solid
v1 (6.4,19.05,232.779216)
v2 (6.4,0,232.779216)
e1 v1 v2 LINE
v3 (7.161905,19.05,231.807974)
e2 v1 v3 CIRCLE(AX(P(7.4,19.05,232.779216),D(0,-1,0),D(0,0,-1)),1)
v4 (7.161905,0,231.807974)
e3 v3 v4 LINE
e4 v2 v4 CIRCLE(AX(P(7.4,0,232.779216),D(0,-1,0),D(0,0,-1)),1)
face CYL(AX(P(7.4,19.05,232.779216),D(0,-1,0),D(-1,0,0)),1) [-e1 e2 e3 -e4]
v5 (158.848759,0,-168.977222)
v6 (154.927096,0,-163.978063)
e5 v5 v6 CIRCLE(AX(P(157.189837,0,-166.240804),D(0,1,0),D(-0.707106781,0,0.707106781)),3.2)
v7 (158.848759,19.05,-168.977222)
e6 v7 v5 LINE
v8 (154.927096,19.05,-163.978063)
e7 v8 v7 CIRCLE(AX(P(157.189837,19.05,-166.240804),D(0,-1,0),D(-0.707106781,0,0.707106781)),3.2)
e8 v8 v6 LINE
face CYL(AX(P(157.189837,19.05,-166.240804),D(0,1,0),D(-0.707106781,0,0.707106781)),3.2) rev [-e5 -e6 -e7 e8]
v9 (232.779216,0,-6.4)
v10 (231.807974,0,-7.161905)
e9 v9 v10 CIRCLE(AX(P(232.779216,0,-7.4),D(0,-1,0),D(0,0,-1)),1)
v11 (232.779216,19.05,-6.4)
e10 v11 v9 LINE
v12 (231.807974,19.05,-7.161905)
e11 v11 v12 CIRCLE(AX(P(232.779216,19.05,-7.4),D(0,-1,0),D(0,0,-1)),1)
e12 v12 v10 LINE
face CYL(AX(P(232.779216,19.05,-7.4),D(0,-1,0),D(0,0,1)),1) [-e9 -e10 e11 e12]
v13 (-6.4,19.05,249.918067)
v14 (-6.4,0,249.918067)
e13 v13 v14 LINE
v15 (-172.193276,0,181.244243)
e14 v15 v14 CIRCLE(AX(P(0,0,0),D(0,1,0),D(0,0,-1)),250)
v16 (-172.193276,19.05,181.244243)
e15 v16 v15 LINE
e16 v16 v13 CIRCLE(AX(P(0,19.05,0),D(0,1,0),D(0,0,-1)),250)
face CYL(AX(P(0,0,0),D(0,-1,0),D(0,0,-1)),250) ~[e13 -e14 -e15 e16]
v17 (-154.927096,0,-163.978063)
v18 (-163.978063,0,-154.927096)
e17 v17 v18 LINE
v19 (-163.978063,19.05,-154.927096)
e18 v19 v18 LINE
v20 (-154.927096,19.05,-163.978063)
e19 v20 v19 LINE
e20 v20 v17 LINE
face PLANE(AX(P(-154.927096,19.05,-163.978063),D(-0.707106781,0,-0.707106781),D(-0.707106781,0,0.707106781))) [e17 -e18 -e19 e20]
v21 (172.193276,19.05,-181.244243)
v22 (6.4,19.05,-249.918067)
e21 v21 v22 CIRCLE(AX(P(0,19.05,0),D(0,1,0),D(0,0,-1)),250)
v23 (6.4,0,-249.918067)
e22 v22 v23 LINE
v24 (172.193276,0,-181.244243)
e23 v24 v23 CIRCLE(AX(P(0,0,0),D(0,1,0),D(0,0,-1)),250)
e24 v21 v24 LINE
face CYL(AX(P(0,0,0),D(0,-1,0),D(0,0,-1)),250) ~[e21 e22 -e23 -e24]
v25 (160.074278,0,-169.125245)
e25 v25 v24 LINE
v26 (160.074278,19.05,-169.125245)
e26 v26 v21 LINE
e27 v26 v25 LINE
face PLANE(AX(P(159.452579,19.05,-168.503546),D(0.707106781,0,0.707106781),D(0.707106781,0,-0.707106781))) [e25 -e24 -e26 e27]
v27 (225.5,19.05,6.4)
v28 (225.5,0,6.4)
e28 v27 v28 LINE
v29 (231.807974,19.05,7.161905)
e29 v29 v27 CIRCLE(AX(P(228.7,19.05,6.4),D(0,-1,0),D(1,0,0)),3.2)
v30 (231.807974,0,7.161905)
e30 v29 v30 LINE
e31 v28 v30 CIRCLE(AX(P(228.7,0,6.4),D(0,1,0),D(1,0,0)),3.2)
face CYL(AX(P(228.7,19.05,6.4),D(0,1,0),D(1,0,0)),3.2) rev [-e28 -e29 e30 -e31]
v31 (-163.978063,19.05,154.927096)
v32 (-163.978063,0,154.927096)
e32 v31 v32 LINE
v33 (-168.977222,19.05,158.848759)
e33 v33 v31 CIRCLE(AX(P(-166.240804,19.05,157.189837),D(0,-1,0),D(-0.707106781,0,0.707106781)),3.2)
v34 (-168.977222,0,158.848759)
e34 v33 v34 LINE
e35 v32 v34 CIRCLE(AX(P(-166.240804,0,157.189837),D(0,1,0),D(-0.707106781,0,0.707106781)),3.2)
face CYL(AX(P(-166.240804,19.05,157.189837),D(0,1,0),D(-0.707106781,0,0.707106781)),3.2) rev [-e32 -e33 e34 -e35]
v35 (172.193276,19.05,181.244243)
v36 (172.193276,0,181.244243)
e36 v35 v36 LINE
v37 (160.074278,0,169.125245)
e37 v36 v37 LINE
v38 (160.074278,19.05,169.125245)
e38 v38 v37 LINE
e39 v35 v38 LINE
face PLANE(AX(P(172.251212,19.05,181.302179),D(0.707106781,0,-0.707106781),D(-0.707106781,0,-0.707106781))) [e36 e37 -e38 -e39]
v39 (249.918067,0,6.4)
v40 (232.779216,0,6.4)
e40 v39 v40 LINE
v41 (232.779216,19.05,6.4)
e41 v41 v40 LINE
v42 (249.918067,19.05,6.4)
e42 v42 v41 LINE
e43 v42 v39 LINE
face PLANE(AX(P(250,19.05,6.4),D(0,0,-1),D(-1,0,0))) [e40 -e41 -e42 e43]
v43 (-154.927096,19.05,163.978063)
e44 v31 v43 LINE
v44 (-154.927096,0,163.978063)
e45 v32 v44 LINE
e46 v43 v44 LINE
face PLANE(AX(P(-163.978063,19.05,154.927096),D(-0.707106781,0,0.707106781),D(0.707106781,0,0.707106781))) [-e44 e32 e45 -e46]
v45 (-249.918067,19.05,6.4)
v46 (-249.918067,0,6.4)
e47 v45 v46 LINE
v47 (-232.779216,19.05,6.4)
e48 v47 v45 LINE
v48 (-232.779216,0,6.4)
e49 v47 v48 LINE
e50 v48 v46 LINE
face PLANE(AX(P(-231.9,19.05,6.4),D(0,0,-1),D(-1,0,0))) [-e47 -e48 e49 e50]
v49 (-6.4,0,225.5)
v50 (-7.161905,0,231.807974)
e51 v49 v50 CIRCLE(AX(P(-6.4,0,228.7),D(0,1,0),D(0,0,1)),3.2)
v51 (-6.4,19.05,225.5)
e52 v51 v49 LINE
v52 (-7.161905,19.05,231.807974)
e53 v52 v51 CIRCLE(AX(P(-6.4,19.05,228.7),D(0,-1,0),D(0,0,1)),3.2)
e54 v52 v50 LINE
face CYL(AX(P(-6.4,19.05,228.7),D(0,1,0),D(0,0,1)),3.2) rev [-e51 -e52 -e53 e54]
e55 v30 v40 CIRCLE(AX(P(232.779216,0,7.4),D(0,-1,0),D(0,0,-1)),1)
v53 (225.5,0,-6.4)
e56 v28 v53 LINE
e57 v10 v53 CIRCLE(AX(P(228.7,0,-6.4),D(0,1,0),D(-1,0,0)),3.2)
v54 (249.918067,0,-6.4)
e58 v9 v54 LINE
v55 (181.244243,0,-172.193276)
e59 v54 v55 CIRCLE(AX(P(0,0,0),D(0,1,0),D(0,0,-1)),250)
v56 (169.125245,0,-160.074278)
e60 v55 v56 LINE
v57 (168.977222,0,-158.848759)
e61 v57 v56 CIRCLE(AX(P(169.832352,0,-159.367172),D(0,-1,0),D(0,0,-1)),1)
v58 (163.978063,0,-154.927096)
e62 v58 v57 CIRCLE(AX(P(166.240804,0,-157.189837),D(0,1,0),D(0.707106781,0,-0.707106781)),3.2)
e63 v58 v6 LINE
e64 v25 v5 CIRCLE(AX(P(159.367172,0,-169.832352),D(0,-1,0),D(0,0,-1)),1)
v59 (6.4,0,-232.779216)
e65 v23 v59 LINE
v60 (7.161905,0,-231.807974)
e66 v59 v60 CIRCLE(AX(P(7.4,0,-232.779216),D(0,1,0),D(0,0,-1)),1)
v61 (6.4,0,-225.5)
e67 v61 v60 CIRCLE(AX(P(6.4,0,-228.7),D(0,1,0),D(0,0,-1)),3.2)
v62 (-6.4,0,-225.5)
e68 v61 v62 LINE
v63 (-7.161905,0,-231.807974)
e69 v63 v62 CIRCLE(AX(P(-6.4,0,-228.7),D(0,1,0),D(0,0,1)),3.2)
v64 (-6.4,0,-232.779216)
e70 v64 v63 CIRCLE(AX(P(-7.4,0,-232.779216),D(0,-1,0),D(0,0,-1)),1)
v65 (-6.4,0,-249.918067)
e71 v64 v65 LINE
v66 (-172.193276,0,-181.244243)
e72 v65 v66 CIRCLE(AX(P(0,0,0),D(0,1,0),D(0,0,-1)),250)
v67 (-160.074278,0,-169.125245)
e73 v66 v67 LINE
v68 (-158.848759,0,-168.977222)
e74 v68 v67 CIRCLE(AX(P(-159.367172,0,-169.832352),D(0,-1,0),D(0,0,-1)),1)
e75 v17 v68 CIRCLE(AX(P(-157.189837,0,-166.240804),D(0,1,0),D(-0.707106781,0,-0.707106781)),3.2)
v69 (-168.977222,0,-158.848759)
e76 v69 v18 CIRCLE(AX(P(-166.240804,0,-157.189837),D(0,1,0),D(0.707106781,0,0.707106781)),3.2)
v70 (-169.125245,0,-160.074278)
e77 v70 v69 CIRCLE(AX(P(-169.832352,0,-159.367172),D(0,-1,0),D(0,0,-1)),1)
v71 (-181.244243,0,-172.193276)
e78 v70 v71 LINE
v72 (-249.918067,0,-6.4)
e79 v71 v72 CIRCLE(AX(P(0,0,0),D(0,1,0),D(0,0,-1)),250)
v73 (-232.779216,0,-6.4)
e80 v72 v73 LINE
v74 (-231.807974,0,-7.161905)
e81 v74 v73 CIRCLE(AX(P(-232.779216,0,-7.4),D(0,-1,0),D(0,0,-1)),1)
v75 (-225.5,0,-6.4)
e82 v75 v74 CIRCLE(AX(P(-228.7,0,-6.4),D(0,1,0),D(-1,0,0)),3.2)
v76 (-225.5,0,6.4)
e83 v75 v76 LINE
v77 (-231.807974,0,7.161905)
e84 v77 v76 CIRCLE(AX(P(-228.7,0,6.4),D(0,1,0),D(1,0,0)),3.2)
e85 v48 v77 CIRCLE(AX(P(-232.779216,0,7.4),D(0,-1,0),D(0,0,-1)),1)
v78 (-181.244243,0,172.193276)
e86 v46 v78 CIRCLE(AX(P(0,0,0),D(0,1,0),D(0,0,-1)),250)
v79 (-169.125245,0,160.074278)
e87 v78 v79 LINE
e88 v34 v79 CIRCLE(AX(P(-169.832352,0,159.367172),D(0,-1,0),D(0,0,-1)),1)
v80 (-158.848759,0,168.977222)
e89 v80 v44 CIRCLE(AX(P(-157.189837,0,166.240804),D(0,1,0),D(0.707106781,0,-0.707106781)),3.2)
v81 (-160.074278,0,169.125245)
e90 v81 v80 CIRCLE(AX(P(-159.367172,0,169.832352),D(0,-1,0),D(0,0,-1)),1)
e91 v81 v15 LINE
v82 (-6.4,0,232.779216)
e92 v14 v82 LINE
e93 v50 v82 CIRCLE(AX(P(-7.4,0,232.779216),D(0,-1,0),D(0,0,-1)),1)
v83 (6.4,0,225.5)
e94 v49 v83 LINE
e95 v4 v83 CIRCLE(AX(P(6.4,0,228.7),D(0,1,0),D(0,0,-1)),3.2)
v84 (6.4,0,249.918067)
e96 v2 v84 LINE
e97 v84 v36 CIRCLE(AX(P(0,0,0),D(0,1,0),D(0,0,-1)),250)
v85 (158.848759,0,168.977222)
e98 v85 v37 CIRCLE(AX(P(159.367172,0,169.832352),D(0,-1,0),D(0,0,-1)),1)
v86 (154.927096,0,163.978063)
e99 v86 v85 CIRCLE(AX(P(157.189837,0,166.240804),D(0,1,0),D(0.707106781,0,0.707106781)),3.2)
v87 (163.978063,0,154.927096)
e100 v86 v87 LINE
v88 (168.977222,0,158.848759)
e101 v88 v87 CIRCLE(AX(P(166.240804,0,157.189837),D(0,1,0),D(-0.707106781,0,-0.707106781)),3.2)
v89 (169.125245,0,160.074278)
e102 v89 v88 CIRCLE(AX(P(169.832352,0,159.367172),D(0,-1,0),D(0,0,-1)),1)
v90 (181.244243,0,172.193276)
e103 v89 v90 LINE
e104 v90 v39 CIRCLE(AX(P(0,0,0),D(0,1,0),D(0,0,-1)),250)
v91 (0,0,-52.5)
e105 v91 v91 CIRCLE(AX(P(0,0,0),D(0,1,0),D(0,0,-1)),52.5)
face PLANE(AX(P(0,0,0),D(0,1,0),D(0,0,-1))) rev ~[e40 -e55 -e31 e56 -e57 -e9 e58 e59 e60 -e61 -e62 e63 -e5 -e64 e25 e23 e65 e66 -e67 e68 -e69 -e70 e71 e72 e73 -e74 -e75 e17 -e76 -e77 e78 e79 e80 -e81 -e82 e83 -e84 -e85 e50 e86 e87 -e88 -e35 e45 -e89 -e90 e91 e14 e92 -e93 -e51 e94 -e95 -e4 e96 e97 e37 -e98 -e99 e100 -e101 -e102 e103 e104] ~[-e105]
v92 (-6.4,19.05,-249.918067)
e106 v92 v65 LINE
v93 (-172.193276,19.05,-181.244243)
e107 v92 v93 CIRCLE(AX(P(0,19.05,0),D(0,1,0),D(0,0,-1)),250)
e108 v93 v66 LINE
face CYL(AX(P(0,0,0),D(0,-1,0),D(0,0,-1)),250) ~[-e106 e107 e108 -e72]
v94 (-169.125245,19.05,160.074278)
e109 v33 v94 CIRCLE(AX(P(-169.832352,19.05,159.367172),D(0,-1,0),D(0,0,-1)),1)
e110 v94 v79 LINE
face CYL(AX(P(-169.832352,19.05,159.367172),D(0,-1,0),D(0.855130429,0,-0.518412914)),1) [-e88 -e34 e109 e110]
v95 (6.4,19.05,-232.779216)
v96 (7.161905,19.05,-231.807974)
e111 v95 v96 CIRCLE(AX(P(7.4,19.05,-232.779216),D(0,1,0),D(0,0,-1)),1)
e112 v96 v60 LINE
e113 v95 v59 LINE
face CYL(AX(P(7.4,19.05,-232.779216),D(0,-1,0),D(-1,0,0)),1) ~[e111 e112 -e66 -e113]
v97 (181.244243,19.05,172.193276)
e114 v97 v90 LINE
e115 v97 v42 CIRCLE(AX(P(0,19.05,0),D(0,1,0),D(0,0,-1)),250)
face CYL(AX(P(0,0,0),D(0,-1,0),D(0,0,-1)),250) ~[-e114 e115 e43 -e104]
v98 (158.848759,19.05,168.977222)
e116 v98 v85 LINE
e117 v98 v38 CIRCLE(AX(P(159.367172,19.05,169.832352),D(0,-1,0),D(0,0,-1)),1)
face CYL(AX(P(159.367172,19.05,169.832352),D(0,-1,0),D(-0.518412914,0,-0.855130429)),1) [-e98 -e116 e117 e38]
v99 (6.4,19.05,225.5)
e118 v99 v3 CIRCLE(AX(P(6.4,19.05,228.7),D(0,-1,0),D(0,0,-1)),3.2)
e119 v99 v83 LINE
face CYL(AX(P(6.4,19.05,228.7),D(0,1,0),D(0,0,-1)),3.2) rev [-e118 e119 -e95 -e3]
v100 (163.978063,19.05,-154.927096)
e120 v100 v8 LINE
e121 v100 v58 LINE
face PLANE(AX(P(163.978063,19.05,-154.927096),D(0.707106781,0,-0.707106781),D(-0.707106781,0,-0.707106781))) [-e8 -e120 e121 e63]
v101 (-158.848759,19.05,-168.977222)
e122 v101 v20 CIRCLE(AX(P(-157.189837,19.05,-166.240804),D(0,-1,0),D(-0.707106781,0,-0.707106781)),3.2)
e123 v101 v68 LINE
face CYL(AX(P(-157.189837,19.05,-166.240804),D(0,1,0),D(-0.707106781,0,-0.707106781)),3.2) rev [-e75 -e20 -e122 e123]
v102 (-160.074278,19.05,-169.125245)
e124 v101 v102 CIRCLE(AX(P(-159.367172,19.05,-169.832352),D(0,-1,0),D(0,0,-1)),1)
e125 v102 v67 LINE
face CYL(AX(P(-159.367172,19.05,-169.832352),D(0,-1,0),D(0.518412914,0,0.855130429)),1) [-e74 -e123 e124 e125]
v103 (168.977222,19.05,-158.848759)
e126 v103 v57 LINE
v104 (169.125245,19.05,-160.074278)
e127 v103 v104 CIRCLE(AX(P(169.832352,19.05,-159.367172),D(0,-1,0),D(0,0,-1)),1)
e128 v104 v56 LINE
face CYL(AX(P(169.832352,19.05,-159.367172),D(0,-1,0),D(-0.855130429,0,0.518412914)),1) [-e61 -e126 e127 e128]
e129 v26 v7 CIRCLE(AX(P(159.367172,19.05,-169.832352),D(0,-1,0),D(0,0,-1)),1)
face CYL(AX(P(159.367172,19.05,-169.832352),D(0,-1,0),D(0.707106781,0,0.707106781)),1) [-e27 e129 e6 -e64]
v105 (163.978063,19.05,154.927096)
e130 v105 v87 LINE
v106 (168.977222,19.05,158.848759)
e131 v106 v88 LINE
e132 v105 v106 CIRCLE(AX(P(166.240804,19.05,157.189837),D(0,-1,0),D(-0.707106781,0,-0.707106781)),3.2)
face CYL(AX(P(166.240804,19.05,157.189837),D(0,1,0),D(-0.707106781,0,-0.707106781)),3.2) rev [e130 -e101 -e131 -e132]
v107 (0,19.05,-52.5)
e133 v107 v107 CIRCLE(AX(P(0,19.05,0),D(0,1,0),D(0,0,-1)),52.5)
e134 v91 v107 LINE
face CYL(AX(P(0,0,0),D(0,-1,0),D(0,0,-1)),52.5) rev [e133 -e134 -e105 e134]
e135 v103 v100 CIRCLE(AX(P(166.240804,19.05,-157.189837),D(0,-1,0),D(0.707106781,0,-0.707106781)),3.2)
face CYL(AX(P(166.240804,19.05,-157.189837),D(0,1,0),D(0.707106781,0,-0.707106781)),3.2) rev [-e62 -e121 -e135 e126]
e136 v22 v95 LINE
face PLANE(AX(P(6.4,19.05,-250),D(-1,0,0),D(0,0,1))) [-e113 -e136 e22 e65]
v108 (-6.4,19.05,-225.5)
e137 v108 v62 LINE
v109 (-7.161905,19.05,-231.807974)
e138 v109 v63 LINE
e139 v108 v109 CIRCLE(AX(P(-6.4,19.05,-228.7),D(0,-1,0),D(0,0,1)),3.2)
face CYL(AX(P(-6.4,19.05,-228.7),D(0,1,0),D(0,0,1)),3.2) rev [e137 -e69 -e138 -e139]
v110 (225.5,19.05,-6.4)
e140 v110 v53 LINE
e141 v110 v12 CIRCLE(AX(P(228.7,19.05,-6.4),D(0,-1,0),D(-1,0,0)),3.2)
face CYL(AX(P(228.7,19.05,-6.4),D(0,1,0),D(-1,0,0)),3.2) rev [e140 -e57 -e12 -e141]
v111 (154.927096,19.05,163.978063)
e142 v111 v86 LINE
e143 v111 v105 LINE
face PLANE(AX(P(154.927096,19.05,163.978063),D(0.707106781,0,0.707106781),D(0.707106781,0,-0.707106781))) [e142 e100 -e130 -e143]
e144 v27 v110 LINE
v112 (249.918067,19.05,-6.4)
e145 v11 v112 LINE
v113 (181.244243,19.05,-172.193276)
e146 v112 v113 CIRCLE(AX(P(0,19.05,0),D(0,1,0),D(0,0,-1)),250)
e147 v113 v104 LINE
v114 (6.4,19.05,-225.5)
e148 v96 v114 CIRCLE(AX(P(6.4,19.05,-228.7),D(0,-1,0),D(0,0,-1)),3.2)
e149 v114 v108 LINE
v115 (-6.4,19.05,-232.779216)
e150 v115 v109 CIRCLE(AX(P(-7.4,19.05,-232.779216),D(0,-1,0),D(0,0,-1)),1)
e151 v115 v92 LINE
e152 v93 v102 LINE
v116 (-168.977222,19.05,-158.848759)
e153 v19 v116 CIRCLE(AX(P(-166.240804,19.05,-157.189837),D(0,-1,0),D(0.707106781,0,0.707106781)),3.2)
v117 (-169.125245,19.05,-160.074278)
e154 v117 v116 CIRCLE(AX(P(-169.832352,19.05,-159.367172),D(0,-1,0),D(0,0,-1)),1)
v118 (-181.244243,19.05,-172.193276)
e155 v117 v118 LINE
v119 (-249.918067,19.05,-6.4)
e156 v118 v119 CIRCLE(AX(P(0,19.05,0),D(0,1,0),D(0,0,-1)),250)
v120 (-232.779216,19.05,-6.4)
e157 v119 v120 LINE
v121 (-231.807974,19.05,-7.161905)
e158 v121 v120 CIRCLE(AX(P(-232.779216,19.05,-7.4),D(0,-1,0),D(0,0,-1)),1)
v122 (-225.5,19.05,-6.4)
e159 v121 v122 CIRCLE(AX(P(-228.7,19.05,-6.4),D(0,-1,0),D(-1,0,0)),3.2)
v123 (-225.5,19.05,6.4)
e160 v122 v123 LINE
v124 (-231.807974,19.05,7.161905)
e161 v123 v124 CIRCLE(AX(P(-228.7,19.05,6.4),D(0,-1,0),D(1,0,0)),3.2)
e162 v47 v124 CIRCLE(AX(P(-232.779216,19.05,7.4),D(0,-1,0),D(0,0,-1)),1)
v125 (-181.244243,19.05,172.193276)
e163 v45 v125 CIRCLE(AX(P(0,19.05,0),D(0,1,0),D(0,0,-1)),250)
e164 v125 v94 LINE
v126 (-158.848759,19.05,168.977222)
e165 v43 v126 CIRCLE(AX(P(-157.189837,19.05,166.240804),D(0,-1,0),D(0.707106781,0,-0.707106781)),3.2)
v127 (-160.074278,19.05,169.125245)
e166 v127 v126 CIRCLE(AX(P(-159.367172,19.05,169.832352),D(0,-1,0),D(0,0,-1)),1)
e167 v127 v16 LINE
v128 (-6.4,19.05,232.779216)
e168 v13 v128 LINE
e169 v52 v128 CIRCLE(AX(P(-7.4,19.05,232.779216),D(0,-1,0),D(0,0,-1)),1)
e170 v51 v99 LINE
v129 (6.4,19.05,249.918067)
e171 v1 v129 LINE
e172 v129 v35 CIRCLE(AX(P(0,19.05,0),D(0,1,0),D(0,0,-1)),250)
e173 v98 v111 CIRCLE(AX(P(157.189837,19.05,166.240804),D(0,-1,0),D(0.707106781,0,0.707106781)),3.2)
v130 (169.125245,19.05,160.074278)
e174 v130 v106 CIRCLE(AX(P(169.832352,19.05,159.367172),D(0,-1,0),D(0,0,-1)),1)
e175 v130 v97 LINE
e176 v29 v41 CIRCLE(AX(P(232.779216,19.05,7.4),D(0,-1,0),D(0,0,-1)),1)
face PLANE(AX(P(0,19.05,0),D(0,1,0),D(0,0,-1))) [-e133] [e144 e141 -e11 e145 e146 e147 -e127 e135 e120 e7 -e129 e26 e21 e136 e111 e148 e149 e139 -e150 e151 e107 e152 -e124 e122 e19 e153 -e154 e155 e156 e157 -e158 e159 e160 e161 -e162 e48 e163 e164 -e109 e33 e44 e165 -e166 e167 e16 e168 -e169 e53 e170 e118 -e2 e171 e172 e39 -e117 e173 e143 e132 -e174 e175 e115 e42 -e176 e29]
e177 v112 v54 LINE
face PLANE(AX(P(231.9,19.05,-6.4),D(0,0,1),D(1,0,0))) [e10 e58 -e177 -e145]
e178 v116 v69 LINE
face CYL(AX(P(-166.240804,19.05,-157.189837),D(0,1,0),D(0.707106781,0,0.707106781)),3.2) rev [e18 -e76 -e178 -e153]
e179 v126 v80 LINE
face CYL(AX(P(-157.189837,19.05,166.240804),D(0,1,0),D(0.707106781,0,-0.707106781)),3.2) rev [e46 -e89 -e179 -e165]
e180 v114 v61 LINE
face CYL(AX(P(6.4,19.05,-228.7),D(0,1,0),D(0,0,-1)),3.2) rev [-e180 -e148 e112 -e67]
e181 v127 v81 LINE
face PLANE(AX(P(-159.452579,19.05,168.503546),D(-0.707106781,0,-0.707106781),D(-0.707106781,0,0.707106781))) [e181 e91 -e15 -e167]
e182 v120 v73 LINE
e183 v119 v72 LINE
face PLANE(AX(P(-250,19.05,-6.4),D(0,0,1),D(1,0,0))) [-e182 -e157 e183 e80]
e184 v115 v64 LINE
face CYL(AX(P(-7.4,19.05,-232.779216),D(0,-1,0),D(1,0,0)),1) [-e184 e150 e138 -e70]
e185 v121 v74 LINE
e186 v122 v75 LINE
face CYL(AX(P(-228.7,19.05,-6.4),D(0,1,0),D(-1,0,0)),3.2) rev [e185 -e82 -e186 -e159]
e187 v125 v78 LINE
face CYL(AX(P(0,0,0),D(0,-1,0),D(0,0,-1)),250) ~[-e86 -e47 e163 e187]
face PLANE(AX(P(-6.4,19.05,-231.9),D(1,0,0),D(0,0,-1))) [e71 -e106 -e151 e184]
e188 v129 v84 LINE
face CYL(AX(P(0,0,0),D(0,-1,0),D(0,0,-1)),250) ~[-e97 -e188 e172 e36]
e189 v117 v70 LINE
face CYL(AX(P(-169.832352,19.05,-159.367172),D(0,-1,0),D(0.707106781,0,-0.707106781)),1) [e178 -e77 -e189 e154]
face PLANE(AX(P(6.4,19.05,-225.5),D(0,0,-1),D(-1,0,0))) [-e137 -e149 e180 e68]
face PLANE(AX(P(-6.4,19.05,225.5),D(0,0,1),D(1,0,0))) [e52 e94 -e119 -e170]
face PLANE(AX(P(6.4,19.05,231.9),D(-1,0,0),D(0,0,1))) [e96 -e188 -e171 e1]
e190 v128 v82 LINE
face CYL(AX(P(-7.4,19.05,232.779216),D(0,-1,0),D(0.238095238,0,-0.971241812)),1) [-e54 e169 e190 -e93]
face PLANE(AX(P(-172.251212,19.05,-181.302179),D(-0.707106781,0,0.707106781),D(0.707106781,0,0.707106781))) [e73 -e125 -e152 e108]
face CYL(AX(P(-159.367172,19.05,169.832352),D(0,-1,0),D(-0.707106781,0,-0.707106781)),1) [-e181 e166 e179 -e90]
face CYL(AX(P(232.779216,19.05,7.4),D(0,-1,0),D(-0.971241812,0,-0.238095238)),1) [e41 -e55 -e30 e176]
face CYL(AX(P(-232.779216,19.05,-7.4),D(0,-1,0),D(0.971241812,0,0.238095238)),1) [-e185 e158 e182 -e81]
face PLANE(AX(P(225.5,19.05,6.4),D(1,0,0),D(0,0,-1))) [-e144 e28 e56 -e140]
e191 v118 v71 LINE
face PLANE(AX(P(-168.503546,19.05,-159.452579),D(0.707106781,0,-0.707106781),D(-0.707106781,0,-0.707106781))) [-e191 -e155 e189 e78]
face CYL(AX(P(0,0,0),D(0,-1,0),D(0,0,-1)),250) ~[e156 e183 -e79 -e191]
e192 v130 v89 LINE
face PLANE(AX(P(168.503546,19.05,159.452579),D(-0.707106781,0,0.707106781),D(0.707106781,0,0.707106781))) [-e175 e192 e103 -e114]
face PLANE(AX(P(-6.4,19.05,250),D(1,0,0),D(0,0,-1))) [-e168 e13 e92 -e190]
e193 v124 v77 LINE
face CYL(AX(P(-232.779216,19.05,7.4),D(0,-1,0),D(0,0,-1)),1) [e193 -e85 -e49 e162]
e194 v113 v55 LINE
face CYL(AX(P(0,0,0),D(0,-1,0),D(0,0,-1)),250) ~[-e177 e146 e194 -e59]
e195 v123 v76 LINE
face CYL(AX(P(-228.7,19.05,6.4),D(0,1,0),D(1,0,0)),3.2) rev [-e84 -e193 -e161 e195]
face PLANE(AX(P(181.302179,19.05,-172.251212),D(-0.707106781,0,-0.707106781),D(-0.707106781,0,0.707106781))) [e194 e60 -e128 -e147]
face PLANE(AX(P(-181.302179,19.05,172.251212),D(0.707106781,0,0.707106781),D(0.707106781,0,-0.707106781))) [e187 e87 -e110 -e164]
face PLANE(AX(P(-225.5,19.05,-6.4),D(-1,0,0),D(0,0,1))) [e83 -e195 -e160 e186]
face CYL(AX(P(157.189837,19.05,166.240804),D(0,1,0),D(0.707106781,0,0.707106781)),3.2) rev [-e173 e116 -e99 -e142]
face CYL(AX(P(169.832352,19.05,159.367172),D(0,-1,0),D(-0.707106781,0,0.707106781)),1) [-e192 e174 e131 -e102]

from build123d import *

# Parameters (mm, degrees)
SKETCH1_R                = 250
SKETCH1_R_2              = 52.5
BOSS_EXTRUDE1_DEPTH      = 19.05
CUT_EXTRUDE1_DEPTH       = 355.066240272
FILLET1_R                = 1
CIRPATTERN1_COUNT        = 8
FILLET1_OF_CIRPATTERN1_R = 1


with BuildPart() as part:
    # Sketch1 → Boss-Extrude1 (new body)
    with BuildSketch(Plane(origin=(0, 0, 0), x_dir=(1, 0, 0), z_dir=(0, 1, 0))):
        with Locations(Location((0, 0, 0), (0, 0, 90))):
            Circle(SKETCH1_R)
        with Locations(Location((0, 0, 0), (0, 0, 90))):
            Circle(SKETCH1_R_2, mode=Mode.SUBTRACT)
    extrude(amount=BOSS_EXTRUDE1_DEPTH)

    # Sketch2 → Cut-Extrude1 (cut, through all)
    with BuildSketch(Plane(origin=(0, 19.05, 0), x_dir=(1, 0, 0), z_dir=(0, 1, 0))):
        with BuildLine():
            Line((6.4, 225.5), (-6.4, 225.5))
            ThreePointArc((-6.4, 225.5), (-9.6, 228.7), (-6.4, 231.9))
            Line((-6.4, 231.9), (-6.4, 250))
            Line((-6.4, 250), (6.4, 250))
            Line((6.4, 250), (6.4, 231.9))
            ThreePointArc((6.4, 231.9), (9.6, 228.7), (6.4, 225.5))
        make_face()
    cut_extrude1 = extrude(amount=-CUT_EXTRUDE1_DEPTH, mode=Mode.SUBTRACT)

    # Fillet1
    fillet1_edges = [part.edges().sort_by_distance(p)[0] for p in [
        (-6.4, 9.525, -231.9),
        (6.4, 9.525, -231.9),
    ]]
    fillet(fillet1_edges, radius=FILLET1_R)

    # CirPattern1: Cut-Extrude1 ×8 about axis
    cirpattern1_axis = Axis((0, 0, 0), (0, 1, 0))
    for i in range(1, CIRPATTERN1_COUNT):
        add(cut_extrude1.rotate(cirpattern1_axis, i * 360 / CIRPATTERN1_COUNT), mode=Mode.SUBTRACT)

    # Fillet1 of CirPattern1
    fillet1_of_cirpattern1_edges = [part.edges().sort_by_distance(p)[0] for p in [
        (-168.503545957, 9.525, -159.452579158),
        (-159.452579158, 9.525, -168.503545957),
        (-231.9, 9.525, 6.4),
        (-231.9, 9.525, -6.4),
        (-159.452579158, 9.525, 168.503545957),
        (-168.503545957, 9.525, 159.452579158),
        (6.4, 9.525, 231.9),
        (-6.4, 9.525, 231.9),
        (168.503545957, 9.525, 159.452579158),
        (159.452579158, 9.525, 168.503545957),
        (231.9, 9.525, -6.4),
        (231.9, 9.525, 6.4),
        (159.452579158, 9.525, -168.503545957),
        (168.503545957, 9.525, -159.452579158),
    ]]
    fillet(fillet1_of_cirpattern1_edges, radius=FILLET1_OF_CIRPATTERN1_R)


solid = part.part
